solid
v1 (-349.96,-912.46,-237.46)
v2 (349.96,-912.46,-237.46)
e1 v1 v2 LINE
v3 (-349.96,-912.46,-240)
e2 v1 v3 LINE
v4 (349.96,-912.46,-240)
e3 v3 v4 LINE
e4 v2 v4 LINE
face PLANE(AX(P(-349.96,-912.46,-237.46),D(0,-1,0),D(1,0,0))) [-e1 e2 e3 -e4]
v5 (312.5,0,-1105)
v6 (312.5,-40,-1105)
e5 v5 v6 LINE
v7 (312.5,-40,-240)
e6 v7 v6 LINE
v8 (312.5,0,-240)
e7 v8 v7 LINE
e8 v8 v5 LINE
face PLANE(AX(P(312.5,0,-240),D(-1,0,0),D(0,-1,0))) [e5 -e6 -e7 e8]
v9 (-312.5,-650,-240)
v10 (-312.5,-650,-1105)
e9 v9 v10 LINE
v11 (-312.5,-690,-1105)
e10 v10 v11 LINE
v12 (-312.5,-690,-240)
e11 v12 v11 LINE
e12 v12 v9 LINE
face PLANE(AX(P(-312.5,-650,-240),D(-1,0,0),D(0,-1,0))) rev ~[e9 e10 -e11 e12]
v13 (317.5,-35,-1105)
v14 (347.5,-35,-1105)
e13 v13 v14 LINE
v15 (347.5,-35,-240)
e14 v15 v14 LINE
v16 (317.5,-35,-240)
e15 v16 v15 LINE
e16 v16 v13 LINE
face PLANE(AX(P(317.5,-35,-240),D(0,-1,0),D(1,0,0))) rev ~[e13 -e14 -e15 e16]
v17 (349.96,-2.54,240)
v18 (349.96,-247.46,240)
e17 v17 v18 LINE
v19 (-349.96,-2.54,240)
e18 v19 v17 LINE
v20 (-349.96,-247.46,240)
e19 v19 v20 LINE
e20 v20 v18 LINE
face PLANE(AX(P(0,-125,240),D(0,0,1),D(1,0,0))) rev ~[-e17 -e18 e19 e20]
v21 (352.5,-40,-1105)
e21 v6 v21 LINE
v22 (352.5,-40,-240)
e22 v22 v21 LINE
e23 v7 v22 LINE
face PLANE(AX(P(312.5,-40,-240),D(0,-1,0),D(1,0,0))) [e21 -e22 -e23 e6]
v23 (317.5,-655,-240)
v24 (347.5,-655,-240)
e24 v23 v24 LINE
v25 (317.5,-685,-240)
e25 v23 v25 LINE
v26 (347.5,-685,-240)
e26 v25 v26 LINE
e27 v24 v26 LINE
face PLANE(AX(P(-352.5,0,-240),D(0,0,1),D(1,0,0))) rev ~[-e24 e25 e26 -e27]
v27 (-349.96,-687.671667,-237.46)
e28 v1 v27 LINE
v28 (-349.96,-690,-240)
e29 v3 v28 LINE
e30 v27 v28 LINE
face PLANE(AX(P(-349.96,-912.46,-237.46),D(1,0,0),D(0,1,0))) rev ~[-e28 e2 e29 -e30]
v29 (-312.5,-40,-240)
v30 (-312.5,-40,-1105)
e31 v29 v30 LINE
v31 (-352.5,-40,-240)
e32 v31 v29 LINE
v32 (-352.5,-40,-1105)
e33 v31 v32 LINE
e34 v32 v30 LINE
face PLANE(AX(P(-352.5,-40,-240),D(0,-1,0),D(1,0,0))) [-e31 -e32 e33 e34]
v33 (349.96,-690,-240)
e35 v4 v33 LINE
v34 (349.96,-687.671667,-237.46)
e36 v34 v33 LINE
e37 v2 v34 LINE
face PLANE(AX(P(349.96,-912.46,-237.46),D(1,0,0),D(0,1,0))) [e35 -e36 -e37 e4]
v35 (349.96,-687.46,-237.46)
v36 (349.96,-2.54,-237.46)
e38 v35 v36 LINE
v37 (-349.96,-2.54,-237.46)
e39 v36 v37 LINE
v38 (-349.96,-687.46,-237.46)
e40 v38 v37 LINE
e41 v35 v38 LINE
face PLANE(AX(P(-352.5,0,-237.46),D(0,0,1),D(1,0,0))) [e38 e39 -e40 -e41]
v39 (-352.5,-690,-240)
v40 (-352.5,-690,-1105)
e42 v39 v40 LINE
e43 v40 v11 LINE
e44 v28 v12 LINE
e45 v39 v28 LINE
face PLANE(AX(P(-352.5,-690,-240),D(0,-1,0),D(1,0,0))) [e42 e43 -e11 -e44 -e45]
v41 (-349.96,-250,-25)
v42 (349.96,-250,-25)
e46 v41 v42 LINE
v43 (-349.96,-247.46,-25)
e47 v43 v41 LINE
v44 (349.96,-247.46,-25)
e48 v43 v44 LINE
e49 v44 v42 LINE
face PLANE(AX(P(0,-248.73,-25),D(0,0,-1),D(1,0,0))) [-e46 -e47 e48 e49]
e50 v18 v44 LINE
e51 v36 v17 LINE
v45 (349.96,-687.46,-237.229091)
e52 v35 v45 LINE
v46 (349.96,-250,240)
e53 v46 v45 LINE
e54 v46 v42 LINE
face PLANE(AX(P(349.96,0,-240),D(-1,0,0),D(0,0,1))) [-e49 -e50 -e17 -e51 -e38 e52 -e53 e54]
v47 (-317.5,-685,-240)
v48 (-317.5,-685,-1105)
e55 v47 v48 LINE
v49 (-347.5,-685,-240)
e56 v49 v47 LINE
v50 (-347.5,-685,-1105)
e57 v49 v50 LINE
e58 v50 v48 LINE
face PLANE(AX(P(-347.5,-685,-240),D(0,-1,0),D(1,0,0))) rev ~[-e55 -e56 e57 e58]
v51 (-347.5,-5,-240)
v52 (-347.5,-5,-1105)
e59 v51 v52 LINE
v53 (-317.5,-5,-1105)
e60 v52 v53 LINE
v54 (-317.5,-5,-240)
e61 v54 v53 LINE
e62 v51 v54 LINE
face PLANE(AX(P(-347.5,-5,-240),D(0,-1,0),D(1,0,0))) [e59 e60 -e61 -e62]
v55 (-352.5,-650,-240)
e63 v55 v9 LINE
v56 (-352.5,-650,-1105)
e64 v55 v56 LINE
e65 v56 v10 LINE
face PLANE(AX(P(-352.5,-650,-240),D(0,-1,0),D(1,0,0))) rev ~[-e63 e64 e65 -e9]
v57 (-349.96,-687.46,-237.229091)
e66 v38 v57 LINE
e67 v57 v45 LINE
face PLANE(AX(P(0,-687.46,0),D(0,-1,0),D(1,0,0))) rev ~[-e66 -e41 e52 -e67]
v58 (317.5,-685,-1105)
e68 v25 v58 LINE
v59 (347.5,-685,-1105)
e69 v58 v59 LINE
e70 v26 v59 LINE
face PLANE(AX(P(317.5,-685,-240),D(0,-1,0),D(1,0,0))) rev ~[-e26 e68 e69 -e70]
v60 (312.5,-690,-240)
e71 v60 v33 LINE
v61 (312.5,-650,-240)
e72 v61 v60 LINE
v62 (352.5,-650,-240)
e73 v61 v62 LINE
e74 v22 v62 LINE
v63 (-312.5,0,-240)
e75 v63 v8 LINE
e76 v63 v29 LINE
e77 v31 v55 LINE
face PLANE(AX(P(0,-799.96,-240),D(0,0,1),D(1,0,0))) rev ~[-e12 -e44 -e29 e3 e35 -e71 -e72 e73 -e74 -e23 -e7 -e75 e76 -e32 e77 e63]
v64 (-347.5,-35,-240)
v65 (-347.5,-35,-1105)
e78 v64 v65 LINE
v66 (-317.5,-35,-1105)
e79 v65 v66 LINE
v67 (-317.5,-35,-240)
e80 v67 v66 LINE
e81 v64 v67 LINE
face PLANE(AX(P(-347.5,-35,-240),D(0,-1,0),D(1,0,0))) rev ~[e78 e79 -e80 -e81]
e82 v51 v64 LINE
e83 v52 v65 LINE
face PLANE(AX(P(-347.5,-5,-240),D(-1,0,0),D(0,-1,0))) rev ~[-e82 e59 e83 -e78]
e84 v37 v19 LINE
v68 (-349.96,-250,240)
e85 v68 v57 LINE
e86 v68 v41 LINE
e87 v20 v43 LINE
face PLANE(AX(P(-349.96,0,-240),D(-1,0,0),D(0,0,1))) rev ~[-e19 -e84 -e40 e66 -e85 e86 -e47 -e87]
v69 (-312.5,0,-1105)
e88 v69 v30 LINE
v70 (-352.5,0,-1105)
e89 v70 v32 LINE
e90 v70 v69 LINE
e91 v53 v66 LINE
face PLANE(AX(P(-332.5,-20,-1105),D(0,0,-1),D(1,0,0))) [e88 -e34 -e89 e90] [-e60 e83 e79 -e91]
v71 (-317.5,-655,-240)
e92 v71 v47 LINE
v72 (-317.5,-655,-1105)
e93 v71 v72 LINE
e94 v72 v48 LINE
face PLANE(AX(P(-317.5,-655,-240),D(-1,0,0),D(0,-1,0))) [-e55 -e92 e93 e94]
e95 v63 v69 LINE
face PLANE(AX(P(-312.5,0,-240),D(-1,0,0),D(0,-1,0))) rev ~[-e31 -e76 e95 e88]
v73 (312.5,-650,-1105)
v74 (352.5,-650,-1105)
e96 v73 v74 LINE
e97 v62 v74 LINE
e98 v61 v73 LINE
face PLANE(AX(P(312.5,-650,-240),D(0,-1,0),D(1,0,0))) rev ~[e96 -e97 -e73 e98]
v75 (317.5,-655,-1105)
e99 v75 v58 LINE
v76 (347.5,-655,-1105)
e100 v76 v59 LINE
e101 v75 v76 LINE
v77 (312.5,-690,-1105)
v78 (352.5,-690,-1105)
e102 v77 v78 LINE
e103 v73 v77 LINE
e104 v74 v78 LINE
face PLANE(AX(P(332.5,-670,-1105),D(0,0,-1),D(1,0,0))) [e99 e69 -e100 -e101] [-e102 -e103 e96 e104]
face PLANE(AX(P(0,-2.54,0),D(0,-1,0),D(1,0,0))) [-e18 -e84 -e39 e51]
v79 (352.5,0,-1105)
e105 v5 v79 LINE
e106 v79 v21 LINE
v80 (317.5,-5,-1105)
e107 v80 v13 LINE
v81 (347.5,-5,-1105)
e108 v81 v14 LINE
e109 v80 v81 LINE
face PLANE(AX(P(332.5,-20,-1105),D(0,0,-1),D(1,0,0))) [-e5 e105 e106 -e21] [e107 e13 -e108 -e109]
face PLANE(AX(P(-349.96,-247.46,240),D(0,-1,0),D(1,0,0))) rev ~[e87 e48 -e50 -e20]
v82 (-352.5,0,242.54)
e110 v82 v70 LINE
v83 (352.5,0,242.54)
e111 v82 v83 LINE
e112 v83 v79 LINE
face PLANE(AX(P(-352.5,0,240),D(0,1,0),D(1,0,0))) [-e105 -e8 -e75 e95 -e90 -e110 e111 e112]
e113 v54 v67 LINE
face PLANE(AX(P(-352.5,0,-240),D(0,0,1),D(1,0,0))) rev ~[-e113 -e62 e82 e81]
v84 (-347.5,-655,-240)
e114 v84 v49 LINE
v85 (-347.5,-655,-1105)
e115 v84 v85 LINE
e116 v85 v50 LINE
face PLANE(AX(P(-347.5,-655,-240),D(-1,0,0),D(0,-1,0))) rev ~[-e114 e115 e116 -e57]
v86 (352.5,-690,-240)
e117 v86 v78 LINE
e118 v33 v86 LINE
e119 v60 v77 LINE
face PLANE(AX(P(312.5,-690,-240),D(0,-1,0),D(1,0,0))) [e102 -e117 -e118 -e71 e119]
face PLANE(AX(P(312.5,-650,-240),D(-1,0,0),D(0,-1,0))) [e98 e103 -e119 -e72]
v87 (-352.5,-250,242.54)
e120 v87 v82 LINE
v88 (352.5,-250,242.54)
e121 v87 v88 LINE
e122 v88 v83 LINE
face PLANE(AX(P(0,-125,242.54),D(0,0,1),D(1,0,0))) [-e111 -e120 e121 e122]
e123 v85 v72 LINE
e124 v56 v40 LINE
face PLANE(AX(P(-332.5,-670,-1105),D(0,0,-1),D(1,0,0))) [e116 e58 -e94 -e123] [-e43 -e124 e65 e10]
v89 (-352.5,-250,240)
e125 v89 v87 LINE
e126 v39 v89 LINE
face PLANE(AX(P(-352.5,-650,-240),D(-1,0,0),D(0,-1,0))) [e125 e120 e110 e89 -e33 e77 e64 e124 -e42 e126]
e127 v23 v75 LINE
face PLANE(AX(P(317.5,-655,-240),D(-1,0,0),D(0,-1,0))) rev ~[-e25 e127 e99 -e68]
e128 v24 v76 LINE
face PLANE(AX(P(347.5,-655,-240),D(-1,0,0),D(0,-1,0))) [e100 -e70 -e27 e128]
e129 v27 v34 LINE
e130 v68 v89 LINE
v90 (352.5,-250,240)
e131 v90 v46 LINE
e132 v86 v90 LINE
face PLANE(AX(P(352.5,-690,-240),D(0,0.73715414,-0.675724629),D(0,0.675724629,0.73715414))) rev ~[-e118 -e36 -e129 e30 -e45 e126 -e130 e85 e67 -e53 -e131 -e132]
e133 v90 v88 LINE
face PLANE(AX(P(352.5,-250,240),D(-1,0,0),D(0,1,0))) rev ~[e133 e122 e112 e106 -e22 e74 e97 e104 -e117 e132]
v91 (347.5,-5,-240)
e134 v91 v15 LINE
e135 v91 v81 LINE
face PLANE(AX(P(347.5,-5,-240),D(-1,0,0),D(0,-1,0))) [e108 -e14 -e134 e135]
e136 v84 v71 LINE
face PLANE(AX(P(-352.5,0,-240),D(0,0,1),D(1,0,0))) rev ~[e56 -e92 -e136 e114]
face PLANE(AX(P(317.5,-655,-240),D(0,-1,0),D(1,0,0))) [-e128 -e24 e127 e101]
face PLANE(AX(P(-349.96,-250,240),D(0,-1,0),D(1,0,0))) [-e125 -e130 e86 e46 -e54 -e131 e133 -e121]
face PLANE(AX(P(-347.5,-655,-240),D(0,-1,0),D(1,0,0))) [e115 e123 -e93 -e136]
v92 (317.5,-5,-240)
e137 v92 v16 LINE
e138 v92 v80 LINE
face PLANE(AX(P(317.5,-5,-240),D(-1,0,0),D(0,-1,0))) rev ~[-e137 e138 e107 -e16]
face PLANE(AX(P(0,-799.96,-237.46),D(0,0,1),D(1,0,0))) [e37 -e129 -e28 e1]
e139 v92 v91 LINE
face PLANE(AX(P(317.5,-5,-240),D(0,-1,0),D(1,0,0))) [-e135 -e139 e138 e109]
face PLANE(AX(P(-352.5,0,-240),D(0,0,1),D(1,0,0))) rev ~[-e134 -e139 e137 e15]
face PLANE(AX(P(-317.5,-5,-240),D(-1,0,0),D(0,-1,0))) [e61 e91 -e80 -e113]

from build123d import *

# Parameters (mm, degrees)
F0_W      = 705
F0_H      = 480
F1_DEPTH  = 690
F4_T      = -2.54
F5_DEPTH  = 705
F2_W      = 705
F2_H      = 250
F6_DEPTH  = 2.54
F7_W      = 699.92
F7_H      = 2.54
F8_DEPTH  = 265
F9_W      = 40
F9_H      = 40
F9_W_2    = 30
F9_H_2    = 30
F10_DEPTH = 865
F11_W     = 699.92
F11_H     = 225
F12_DEPTH = 2.54


with BuildPart() as f1:
    # F0 (on Front) → F1 (new body)
    with BuildSketch(Plane.XZ):
        Rectangle(F0_W, F0_H)
    extrude(amount=F1_DEPTH)

    # F4
    f4_openings = [f1.faces().sort_by_distance(p)[0] for p in [
        (0, -345, 240),
    ]]
    offset(amount=F4_T, openings=f4_openings)

    # F3 (on face) → F5 (cut, through all)
    with BuildSketch(Plane.YZ.offset(352.5)):
        Polygon((-690, -240), (-250, 240), (-690, 240), align=None)
    extrude(amount=-F5_DEPTH, mode=Mode.SUBTRACT)

    # F2 (on face) → F6 (join)
    with BuildSketch(Plane.XY.offset(240)):
        with Locations((0, -125)):
            Rectangle(F2_W, F2_H)
    extrude(amount=F6_DEPTH)

    # F7 (on face) → F8 (join)
    with BuildSketch(Plane(origin=(0, 0, 240), x_dir=(1, 0, 0), z_dir=(0, 0, -1))):
        with Locations((0, 248.73)):
            Rectangle(F7_W, F7_H)
    extrude(amount=F8_DEPTH)

    # F9 (on face) → F10 (join)
    with BuildSketch(Plane(origin=(0, 0, -240), x_dir=(1, 0, 0), z_dir=(0, 0, -1))):
        with Locations((-332.5, 670)):
            Rectangle(F9_W, F9_H)
        with Locations((-332.5, 670)):
            Rectangle(F9_W_2, F9_H_2, mode=Mode.SUBTRACT)
        with Locations((-332.5, 20)):
            Rectangle(F9_W, F9_H)
        with Locations((-332.5, 20)):
            Rectangle(F9_W_2, F9_H_2, mode=Mode.SUBTRACT)
        with Locations((332.5, 20)):
            Rectangle(F9_W, F9_H)
        with Locations((332.5, 20)):
            Rectangle(F9_W_2, F9_H_2, mode=Mode.SUBTRACT)
        with Locations((332.5, 670)):
            Rectangle(F9_W, F9_H)
        with Locations((332.5, 670)):
            Rectangle(F9_W_2, F9_H_2, mode=Mode.SUBTRACT)
    extrude(amount=F10_DEPTH)

    # F11 (on face) → F12 (join)
    with BuildSketch(Plane.XY.offset(-237.46)):
        with Locations((0, -799.96)):
            Rectangle(F11_W, F11_H)
    extrude(amount=-F12_DEPTH)


solid = f1.part
